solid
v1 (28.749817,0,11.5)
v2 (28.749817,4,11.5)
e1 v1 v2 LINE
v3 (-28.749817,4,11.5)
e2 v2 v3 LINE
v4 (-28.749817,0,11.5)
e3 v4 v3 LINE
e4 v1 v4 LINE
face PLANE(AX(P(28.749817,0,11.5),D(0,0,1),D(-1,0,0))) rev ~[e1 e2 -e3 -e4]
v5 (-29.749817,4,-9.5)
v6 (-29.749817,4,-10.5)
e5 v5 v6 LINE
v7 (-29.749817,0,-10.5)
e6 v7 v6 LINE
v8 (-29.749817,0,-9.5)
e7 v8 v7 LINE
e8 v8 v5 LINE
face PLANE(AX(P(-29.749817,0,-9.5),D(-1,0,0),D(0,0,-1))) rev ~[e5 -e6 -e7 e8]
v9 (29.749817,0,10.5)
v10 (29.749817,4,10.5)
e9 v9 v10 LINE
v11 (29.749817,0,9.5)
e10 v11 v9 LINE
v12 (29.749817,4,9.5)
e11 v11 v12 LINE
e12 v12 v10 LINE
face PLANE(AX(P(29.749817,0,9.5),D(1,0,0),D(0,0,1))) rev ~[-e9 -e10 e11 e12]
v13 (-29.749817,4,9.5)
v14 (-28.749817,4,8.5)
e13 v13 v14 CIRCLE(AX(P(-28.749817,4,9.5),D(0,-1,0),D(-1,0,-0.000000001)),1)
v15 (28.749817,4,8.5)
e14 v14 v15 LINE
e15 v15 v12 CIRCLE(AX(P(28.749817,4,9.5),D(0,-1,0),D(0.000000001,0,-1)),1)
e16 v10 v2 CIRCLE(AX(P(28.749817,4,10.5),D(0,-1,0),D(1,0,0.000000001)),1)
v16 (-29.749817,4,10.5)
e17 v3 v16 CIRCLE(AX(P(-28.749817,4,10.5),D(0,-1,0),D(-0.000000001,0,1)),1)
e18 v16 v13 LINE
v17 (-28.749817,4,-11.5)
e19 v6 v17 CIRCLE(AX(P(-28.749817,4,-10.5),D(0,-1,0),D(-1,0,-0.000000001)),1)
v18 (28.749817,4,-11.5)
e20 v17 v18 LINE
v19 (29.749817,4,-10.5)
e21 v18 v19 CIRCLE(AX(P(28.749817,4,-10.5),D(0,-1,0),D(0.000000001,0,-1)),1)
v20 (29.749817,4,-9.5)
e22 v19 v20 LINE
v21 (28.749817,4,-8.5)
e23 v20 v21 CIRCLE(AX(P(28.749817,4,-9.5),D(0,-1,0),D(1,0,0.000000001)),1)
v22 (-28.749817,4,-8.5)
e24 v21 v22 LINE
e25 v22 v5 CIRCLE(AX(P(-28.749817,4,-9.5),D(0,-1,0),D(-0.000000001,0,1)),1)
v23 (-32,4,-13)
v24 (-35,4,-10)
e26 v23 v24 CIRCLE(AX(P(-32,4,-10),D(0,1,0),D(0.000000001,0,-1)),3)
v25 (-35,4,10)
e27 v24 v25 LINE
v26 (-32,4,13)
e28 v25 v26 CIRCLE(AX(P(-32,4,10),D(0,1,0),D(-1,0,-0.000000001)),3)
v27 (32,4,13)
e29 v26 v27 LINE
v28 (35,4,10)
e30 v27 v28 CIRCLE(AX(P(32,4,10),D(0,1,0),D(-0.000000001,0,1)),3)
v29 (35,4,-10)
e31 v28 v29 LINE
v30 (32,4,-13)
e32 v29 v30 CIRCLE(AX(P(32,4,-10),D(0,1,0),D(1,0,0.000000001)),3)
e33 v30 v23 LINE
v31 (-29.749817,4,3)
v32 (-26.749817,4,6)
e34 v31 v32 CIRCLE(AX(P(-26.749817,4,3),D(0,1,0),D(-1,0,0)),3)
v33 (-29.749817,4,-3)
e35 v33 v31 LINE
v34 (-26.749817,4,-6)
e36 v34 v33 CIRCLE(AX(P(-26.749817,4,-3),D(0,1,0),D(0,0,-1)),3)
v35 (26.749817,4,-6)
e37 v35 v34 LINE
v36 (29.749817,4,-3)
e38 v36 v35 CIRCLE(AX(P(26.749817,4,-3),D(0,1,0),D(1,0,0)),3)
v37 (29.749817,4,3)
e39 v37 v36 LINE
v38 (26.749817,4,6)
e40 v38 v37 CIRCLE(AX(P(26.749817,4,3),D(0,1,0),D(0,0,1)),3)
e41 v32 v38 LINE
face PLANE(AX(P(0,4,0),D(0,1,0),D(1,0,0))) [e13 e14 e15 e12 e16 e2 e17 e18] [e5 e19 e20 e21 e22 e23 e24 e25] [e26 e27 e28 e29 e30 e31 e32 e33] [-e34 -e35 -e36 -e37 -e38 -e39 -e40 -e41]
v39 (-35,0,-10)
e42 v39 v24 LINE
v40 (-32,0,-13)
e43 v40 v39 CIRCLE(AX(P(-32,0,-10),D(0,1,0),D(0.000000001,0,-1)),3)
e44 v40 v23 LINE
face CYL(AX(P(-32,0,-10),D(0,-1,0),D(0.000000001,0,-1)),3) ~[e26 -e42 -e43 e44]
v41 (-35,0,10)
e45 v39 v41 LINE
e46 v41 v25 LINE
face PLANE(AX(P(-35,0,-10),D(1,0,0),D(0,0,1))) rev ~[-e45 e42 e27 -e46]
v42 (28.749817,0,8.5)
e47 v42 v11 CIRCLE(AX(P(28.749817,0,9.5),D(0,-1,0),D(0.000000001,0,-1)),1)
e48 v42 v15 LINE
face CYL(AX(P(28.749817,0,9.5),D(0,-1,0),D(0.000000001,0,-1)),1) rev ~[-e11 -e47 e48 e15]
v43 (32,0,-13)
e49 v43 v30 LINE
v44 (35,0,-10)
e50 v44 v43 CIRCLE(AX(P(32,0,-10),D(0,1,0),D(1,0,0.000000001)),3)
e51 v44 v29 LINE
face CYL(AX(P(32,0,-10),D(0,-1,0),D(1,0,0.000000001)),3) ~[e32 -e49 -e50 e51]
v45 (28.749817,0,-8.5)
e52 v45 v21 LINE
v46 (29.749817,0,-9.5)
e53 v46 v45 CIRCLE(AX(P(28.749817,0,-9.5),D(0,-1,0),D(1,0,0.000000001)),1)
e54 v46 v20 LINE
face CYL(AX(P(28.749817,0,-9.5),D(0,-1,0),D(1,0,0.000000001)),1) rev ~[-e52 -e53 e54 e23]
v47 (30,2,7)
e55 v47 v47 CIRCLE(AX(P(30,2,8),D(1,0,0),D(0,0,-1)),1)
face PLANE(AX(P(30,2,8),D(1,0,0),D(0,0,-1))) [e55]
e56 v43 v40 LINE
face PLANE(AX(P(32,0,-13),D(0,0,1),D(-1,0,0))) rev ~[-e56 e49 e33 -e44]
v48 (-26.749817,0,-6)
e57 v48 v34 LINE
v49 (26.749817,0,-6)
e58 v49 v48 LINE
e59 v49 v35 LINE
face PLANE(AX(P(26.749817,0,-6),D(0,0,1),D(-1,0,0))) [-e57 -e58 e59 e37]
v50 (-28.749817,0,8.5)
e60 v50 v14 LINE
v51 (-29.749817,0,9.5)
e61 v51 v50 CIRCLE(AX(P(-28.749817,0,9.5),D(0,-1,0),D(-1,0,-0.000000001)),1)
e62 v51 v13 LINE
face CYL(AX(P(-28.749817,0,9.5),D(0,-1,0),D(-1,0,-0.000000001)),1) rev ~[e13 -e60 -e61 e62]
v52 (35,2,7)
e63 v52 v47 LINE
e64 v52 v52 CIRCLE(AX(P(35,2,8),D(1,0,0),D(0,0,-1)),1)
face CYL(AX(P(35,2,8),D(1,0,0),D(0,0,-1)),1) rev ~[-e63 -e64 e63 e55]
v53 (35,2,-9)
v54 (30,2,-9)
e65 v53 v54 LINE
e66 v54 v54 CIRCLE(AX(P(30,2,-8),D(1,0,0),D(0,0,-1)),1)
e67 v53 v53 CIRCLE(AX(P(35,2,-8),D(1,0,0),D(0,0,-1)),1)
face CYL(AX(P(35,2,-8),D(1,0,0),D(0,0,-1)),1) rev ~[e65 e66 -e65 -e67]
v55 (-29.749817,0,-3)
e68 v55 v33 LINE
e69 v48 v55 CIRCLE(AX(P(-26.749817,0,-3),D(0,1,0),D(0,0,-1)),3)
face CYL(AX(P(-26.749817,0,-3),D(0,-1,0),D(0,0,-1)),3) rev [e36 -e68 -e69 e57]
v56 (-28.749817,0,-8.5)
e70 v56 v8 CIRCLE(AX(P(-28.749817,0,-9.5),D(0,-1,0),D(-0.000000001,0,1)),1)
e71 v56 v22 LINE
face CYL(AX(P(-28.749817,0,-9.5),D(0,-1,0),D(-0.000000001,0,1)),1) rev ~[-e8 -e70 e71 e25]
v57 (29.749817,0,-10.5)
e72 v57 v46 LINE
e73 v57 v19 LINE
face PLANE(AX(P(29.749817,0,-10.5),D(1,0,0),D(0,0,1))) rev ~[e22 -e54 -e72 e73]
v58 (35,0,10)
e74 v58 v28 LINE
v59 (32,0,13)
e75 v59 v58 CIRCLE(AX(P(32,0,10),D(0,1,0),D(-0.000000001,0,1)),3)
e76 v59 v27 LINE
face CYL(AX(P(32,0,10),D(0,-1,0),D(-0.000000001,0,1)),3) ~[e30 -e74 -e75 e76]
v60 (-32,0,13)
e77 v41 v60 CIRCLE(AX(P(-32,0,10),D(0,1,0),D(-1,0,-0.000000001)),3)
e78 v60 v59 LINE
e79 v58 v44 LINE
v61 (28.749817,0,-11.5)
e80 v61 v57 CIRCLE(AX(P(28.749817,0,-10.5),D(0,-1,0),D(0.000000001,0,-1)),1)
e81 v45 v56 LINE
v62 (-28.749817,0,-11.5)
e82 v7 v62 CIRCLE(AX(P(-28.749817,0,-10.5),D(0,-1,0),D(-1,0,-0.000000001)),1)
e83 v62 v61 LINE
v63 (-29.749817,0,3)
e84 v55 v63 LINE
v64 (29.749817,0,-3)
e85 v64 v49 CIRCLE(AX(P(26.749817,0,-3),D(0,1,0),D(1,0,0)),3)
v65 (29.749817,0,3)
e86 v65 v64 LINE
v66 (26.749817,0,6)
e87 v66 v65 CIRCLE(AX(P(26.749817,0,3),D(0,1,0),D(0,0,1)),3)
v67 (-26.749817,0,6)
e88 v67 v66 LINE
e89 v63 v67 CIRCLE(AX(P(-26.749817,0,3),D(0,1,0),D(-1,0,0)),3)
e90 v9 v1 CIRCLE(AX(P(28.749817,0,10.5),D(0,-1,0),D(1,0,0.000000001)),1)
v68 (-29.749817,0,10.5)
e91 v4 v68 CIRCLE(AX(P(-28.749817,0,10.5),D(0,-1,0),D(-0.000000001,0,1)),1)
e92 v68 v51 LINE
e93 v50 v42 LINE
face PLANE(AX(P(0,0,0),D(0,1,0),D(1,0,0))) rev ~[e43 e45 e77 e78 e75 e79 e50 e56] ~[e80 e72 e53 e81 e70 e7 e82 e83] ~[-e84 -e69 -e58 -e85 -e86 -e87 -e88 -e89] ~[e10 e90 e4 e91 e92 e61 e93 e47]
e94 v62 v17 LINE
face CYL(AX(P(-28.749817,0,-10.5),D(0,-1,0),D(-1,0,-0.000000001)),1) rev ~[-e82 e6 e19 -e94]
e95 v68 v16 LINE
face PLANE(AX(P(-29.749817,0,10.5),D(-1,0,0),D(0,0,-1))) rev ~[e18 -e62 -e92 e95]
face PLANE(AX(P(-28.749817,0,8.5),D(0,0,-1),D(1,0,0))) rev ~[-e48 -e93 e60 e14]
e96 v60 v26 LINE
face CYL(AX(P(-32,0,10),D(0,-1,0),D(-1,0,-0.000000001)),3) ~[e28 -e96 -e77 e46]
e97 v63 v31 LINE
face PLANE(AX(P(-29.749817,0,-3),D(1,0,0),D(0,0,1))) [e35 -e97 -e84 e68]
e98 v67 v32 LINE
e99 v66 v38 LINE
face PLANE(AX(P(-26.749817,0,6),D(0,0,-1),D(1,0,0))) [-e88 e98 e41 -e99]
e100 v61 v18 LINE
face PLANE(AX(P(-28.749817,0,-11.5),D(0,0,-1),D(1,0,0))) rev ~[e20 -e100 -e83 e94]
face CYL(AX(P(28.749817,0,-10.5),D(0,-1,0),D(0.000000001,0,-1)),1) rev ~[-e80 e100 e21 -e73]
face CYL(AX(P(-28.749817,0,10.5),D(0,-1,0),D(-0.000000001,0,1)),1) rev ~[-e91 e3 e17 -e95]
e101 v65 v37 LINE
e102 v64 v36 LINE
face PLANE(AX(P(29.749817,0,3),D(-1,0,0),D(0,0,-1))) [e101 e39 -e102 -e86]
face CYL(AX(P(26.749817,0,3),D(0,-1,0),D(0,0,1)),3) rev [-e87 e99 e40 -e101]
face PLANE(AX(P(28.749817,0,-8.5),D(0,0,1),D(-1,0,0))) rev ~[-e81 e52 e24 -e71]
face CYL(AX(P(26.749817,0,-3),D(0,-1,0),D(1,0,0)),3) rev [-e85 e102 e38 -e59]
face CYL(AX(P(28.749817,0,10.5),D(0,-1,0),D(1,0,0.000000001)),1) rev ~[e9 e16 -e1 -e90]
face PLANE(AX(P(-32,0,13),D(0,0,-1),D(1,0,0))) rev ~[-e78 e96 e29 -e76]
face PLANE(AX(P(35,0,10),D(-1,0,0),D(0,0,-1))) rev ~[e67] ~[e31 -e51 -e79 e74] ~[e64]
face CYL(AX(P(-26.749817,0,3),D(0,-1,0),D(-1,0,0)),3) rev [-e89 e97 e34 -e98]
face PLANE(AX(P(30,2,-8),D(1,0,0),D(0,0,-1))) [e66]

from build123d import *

# Parameters (mm, degrees)
BOSS_EXTRUDE1_DEPTH = 4
SKETCH2_R           = 1
CUT_EXTRUDE1_DEPTH  = 5


with BuildPart() as part:
    # Sketch1 → Boss-Extrude1 (new body)
    with BuildSketch(Plane(origin=(0, 0, 0), x_dir=(1, 0, 0), z_dir=(0, 1, 0))):
        with BuildLine():
            Line((-32, -13), (32, -13))
            ThreePointArc((32, -13), (34.121320344, -12.121320344), (35, -10))
            Line((35, -10), (35, 10))
            ThreePointArc((35, 10), (34.121320344, 12.121320344), (32, 13))
            Line((32, 13), (-32, 13))
            ThreePointArc((-32, 13), (-34.121320344, 12.121320344), (-35, 10))
            Line((-35, 10), (-35, -10))
            ThreePointArc((-35, -10), (-34.121320344, -12.121320344), (-32, -13))
        make_face()
        with BuildLine():
            Line((-26.749817226, -6), (26.749817226, -6))
            ThreePointArc((26.749817226, -6), (28.871137569, -5.121320344), (29.749817226, -3))
            Line((29.749817226, -3), (29.749817226, 3))
            ThreePointArc((29.749817226, 3), (28.871137569, 5.121320344), (26.749817226, 6))
            Line((26.749817226, 6), (-26.749817226, 6))
            ThreePointArc((-26.749817226, 6), (-28.871137569, 5.121320344), (-29.749817226, 3))
            Line((-29.749817226, 3), (-29.749817226, -3))
            ThreePointArc((-29.749817226, -3), (-28.871137569, -5.121320344), (-26.749817226, -6))
        make_face(mode=Mode.SUBTRACT)
        with BuildLine():
            Line((-28.749817226, 11.5), (28.749817226, 11.5))
            ThreePointArc((28.749817226, 11.5), (29.456924007, 11.207106781), (29.749817226, 10.5))
            Line((29.749817226, 10.5), (29.749817226, 9.5))
            ThreePointArc((29.749817226, 9.5), (29.456924007, 8.792893219), (28.749817226, 8.5))
            Line((28.749817226, 8.5), (-28.749817226, 8.5))
            ThreePointArc((-28.749817226, 8.5), (-29.456924007, 8.792893219), (-29.749817226, 9.5))
            Line((-29.749817226, 9.5), (-29.749817226, 10.5))
            ThreePointArc((-29.749817226, 10.5), (-29.456924007, 11.207106781), (-28.749817226, 11.5))
        make_face(mode=Mode.SUBTRACT)
        with BuildLine():
            Line((-29.749817226, -10.5), (-29.749817226, -9.5))
            ThreePointArc((-29.749817226, -9.5), (-29.456924007, -8.792893219), (-28.749817226, -8.5))
            Line((-28.749817226, -8.5), (28.749817226, -8.5))
            ThreePointArc((28.749817226, -8.5), (29.456924007, -8.792893219), (29.749817226, -9.5))
            Line((29.749817226, -9.5), (29.749817226, -10.5))
            ThreePointArc((29.749817226, -10.5), (29.456924007, -11.207106781), (28.749817226, -11.5))
            Line((28.749817226, -11.5), (-28.749817226, -11.5))
            ThreePointArc((-28.749817226, -11.5), (-29.456924007, -11.207106781), (-29.749817226, -10.5))
        make_face(mode=Mode.SUBTRACT)
    extrude(amount=BOSS_EXTRUDE1_DEPTH)

    # Sketch2 → Cut-Extrude1 (cut)
    with BuildSketch(Plane(origin=(35, 0, 0), x_dir=(0, 0, -1), z_dir=(1, 0, 0))):
        with Locations((-8, 2)):
            Circle(SKETCH2_R)
        with Locations((8, 2)):
            Circle(SKETCH2_R)
    extrude(amount=-CUT_EXTRUDE1_DEPTH, mode=Mode.SUBTRACT)


solid = part.part
